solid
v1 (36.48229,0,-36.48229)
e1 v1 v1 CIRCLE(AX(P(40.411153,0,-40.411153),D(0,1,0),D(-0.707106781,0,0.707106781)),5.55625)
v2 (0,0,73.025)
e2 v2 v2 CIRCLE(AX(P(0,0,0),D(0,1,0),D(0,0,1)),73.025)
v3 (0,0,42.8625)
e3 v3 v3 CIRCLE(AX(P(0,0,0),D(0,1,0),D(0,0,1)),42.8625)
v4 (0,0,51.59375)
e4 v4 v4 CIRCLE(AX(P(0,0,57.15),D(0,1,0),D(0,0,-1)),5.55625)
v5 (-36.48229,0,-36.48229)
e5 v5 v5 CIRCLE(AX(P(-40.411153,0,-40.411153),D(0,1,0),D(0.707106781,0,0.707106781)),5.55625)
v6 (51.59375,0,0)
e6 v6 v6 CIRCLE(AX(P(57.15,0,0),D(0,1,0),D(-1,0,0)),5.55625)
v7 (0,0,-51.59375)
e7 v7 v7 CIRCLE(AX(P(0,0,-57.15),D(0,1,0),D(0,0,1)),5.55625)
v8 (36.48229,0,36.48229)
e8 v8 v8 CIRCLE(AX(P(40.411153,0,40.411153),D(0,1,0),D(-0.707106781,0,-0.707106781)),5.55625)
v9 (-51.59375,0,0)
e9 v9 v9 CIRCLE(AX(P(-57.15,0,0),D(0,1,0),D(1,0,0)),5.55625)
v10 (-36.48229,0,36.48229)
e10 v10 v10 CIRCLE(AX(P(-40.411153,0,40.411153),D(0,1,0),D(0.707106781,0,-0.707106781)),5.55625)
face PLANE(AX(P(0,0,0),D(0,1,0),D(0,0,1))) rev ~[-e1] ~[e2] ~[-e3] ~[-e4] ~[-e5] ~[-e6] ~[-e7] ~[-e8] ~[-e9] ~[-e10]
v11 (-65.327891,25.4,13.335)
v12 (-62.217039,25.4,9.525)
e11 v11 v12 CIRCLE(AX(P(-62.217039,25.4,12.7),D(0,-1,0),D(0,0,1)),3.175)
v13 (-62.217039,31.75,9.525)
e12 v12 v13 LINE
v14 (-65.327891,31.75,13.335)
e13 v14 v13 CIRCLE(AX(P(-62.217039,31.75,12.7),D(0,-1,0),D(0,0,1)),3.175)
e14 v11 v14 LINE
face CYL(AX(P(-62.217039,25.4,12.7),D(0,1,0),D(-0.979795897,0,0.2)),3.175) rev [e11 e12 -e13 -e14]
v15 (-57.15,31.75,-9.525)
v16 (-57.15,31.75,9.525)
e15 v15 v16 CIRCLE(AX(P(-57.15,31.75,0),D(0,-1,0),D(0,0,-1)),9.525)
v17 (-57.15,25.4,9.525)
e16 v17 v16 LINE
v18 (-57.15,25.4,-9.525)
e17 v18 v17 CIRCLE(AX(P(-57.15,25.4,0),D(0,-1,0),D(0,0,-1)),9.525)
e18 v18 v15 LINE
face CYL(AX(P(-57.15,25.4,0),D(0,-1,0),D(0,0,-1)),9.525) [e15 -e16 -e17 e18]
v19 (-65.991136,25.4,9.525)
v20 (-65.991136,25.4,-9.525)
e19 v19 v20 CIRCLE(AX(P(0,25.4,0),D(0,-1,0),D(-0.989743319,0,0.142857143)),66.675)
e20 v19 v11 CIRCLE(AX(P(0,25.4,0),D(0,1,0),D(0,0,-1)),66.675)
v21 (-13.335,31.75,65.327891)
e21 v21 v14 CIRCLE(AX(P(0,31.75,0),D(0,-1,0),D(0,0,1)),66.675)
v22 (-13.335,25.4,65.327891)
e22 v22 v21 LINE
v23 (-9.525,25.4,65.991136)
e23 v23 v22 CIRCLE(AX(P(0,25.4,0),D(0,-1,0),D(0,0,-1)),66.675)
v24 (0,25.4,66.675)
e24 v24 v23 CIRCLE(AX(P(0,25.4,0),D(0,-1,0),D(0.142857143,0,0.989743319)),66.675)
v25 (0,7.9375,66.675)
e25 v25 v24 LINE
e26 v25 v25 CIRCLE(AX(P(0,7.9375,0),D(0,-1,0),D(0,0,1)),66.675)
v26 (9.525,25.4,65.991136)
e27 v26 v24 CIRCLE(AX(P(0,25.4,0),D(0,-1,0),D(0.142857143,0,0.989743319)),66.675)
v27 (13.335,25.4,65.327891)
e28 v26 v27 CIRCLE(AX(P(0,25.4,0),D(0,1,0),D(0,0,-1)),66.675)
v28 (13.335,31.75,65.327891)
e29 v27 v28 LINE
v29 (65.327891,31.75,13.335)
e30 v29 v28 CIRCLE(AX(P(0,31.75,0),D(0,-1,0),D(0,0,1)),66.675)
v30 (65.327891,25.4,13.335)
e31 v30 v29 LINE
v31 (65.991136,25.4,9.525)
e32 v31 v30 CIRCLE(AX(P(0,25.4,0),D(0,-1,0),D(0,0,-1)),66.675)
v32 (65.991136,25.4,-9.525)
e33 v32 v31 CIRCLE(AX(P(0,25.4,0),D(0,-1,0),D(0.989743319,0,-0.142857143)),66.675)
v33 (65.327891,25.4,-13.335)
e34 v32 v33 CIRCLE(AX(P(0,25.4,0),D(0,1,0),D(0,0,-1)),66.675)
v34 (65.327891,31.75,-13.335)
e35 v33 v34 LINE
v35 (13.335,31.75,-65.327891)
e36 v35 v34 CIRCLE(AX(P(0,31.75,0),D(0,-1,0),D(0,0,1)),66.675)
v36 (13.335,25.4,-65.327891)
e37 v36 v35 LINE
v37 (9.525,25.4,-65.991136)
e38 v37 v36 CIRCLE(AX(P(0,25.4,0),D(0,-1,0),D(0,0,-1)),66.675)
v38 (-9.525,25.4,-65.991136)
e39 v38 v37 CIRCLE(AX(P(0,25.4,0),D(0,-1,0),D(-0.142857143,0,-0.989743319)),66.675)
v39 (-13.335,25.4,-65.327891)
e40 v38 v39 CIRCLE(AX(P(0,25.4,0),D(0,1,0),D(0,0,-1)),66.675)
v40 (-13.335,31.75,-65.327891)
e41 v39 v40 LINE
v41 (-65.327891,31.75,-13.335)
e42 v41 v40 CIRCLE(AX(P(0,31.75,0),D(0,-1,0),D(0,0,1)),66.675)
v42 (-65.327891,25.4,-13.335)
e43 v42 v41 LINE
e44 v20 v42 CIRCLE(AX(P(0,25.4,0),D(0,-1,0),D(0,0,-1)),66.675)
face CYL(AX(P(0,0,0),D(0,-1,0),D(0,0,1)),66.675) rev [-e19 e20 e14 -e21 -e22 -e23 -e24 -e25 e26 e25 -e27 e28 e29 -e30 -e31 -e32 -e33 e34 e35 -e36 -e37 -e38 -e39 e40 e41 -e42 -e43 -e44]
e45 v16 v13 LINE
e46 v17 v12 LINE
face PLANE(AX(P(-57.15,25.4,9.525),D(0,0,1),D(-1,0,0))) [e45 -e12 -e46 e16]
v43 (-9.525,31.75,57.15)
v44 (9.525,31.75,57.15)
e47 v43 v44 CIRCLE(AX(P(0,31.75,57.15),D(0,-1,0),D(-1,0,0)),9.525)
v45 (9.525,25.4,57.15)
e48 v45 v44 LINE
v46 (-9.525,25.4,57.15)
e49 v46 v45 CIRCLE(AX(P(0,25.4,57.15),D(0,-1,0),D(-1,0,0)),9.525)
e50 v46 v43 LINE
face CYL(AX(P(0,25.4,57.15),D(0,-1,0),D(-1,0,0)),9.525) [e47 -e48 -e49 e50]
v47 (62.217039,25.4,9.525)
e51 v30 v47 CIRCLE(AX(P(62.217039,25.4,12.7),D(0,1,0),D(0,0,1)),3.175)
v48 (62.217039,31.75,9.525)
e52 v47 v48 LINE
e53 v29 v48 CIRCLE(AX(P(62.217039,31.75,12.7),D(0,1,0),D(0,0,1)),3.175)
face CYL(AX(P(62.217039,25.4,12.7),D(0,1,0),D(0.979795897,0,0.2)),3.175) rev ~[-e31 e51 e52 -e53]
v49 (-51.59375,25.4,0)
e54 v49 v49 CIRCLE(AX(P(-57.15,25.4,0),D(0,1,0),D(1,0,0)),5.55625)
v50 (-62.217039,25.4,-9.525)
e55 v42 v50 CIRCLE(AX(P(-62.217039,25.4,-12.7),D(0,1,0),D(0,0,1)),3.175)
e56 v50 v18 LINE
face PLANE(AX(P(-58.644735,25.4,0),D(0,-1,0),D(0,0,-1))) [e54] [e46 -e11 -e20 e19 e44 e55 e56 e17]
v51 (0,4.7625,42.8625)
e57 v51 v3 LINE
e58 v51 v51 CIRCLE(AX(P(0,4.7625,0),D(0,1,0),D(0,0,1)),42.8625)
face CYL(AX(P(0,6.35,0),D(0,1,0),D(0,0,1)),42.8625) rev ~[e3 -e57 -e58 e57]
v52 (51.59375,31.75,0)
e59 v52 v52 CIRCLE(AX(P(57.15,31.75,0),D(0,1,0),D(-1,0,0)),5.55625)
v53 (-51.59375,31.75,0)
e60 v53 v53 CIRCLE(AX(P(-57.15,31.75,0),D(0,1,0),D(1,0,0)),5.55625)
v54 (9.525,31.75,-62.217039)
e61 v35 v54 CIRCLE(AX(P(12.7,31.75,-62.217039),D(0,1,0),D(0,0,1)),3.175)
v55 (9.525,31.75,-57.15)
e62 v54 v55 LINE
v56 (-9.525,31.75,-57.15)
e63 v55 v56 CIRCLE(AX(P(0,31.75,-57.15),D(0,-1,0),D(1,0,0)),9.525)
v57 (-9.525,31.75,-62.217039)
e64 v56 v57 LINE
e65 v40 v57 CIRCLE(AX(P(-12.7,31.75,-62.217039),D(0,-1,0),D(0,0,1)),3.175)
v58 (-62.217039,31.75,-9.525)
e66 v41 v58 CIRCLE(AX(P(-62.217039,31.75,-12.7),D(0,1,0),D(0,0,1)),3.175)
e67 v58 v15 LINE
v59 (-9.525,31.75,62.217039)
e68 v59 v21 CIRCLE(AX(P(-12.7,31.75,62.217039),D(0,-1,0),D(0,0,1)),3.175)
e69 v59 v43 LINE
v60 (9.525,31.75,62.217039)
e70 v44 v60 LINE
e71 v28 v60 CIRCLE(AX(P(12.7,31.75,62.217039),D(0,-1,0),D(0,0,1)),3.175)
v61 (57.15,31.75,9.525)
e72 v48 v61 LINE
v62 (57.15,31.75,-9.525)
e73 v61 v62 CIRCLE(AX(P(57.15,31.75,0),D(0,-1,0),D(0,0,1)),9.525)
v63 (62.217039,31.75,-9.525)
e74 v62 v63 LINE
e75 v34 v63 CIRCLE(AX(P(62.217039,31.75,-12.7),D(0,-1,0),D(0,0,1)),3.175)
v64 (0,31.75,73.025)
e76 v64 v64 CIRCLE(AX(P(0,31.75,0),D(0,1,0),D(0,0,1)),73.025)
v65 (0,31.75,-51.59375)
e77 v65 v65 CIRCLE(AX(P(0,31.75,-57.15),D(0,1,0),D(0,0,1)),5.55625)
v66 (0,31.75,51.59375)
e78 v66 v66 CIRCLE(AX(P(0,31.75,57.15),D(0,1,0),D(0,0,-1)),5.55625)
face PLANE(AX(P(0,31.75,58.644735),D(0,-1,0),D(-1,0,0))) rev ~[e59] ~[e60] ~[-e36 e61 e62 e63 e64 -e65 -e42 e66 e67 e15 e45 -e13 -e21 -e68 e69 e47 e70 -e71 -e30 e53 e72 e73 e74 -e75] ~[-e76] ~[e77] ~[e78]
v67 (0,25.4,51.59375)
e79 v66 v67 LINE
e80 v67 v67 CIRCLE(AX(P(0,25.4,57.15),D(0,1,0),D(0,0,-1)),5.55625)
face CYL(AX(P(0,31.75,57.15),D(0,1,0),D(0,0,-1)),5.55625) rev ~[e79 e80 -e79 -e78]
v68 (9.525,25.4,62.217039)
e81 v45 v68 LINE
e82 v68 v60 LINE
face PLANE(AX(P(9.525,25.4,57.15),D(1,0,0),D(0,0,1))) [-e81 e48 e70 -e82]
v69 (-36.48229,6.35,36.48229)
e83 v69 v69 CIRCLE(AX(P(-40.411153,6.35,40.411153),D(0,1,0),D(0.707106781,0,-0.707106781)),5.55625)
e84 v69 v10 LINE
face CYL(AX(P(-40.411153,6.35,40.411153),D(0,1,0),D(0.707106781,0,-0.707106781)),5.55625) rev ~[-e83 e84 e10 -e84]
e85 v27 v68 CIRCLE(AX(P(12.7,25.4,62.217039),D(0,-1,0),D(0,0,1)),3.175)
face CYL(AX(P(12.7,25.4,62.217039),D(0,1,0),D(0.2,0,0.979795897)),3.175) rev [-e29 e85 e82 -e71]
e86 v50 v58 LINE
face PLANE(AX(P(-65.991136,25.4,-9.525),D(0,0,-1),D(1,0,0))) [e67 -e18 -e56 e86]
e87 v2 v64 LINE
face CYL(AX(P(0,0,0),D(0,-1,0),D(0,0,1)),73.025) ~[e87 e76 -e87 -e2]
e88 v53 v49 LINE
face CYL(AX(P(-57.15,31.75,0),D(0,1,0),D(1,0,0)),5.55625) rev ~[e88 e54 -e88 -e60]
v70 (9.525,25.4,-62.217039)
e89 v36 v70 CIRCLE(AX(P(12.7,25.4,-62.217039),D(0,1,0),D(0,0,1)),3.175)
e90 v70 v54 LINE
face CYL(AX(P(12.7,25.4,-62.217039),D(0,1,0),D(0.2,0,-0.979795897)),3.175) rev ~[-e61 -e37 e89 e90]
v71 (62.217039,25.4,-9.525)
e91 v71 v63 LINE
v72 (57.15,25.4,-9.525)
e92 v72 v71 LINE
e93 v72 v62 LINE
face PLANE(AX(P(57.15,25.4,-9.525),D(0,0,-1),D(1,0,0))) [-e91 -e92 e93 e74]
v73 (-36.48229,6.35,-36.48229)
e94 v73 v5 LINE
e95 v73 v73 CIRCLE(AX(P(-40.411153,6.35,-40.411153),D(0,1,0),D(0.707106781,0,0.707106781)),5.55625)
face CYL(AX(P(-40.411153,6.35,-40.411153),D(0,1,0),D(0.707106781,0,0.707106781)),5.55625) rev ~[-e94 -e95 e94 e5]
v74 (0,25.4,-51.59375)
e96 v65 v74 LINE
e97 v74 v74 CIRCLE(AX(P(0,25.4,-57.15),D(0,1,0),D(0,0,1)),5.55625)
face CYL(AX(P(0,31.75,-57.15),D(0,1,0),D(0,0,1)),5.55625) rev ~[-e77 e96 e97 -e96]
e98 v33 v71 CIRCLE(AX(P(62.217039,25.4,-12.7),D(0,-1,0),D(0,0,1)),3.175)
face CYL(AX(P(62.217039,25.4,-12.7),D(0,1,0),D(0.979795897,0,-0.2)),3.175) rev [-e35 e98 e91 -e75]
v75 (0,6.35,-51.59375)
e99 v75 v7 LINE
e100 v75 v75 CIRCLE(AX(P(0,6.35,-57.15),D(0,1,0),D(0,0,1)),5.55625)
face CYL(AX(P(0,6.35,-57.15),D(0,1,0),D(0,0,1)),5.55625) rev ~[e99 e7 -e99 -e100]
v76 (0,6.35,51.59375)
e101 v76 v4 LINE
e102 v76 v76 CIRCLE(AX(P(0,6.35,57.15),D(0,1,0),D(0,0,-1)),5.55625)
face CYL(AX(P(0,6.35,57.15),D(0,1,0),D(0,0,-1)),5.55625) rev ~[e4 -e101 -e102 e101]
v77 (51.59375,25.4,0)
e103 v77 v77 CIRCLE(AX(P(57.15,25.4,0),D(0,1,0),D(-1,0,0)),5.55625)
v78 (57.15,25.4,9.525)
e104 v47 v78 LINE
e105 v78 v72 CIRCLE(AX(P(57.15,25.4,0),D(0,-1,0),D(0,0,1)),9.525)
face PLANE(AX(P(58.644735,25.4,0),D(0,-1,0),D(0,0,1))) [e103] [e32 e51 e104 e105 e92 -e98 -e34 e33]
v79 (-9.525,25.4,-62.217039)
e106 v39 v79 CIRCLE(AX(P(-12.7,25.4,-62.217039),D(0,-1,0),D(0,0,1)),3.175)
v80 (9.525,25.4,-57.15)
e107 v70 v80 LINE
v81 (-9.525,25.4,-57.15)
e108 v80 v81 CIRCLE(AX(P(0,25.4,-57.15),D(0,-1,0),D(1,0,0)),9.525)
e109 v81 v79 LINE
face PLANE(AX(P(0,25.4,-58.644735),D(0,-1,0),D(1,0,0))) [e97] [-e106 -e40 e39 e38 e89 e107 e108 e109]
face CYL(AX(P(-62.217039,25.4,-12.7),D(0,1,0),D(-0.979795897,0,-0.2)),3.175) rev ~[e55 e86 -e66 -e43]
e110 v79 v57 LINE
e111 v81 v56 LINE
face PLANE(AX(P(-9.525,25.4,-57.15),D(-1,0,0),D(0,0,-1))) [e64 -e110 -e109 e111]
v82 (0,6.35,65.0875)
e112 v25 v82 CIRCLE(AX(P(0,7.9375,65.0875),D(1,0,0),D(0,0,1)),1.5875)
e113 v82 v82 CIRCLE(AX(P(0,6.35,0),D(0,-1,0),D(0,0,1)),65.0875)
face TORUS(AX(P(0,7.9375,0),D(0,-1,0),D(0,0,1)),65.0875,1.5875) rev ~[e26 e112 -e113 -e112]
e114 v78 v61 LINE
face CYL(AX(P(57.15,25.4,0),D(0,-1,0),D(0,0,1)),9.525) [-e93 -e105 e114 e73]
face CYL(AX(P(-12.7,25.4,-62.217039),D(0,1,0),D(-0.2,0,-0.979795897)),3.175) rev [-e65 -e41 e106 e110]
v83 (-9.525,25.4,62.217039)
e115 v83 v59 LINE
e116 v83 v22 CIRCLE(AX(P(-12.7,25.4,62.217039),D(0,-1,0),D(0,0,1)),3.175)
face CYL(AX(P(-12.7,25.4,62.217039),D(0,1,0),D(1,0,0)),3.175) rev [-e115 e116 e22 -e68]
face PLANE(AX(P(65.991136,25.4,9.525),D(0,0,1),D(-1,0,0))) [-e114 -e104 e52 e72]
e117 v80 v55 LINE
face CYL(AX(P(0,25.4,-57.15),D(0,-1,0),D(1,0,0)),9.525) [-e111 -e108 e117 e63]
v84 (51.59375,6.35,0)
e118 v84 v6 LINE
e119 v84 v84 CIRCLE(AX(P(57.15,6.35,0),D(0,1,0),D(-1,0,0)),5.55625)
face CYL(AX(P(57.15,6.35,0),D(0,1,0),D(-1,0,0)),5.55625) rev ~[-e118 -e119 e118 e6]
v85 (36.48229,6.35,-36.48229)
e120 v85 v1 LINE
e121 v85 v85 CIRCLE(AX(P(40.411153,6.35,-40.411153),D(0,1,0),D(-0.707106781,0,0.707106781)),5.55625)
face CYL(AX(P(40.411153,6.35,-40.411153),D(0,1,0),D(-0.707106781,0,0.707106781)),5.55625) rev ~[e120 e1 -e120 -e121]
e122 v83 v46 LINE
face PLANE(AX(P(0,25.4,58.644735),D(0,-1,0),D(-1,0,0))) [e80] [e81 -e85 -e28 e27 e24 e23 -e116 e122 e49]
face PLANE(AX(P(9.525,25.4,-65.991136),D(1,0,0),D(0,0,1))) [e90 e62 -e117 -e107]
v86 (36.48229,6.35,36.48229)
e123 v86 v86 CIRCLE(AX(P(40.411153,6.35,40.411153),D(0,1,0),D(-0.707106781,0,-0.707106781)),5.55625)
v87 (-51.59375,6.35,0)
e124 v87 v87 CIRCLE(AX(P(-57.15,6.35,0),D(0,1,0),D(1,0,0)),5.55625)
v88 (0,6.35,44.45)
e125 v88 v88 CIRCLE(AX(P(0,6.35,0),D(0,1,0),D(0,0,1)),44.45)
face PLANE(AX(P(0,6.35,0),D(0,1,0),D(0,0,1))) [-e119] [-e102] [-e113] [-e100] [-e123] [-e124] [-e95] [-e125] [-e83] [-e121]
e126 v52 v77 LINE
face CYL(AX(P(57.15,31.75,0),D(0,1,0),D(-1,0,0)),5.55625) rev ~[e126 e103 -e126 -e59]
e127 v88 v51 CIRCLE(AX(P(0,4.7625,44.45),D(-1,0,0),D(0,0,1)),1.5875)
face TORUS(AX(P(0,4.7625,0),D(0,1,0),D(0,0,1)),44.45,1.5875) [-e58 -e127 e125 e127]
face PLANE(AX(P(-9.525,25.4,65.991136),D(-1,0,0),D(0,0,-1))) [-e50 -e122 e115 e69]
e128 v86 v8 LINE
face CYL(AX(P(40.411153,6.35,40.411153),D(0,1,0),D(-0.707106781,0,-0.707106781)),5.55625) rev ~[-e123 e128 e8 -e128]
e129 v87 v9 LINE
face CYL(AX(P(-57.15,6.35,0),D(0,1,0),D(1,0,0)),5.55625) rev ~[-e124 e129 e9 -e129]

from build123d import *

# Parameters (mm, degrees)
SKETCH1_R                = 73.025
BASE_EXTRUDE_DEPTH       = 31.75
SHELL1_T                 = -6.35
SKETCH4_R                = 42.8625
CUT_EXTRUDE2_DEPTH       = 107.350652325
BOSS_EXTRUDE1_START      = -6.35
BOSS_EXTRUDE1_DEPTH      = 6.35
CUT_EXTRUDE1_REACH       = 110.043
SKETCH3_R                = 5.55625
FILLET1_R                = 3.175
CIRPATTERN1_COUNT        = 4
FILLET1_OF_CIRPATTERN1_R = 3.175
SKETCH5_R                = 5.55625
CUT_EXTRUDE3_DEPTH       = 107.350652325
CIRPATTERN2_COUNT        = 8
FILLET2_R                = 1.5875


with BuildPart() as part:
    # Sketch1 → Base-Extrude (new body)
    with BuildSketch(Plane(origin=(0, 0, 0), x_dir=(1, 0, 0), z_dir=(0, 1, 0))):
        with Locations(Location((0, 0, 0), (0, 0, 270))):
            Circle(SKETCH1_R)
    extrude(amount=BASE_EXTRUDE_DEPTH)

    # Shell1
    shell1_openings = [part.faces().sort_by_distance(p)[0] for p in [
        (0, 31.75, 0),
    ]]
    offset(amount=SHELL1_T, openings=shell1_openings, kind=Kind.INTERSECTION)

    # Sketch4 → Cut-Extrude2 (cut, through all)
    with BuildSketch(Plane(origin=(0, 6.35, 0), x_dir=(-1, 0, 0), z_dir=(0, 1, 0))):
        with Locations(Location((0, 0, 0), (0, 0, 90))):
            Circle(SKETCH4_R)
    extrude(amount=-CUT_EXTRUDE2_DEPTH, mode=Mode.SUBTRACT)

    # Sketch2 → Boss-Extrude1 (add)
    with BuildSketch(Plane(origin=(0, 31.75, 0), x_dir=(-1, 0, 0), z_dir=(0, 1, 0)).offset(BOSS_EXTRUDE1_START)):
        with BuildLine():
            Line((-9.525, -65.991135768), (-9.525, -57.15))
            ThreePointArc((-9.525, -57.15), (0, -47.625), (9.525, -57.15))
            Line((9.525, -57.15), (9.525, -65.991135768))
            ThreePointArc((9.525, -65.991135768), (0, -66.675), (-9.525, -65.991135768))
        make_face()
    boss_extrude1 = extrude(amount=BOSS_EXTRUDE1_DEPTH)

    # Sketch3 → Cut-Extrude1 (cut, up to next)
    with BuildSketch(Plane(origin=(0, 31.75, 0), x_dir=(-1, 0, 0), z_dir=(0, 1, 0)), mode=Mode.PRIVATE) as cut_extrude1_sk1:
        with Locations(Location((0, -57.15, 0), (0, 0, 90))):
            Circle(SKETCH3_R)
    cut_extrude1_tool1 = extrude(cut_extrude1_sk1.sketch, amount=-CUT_EXTRUDE1_REACH, mode=Mode.PRIVATE) & part.part
    cut_extrude1 = cut_extrude1_tool1.solids().sort_by_distance((0, 31.75, -57.15))[0]
    add(cut_extrude1, mode=Mode.SUBTRACT)

    # Fillet1
    fillet1_edges = [part.edges().sort_by_distance(p)[0] for p in [
        (-9.525, 28.575, -65.991135768),
        (9.525, 28.575, -65.991135768),
    ]]
    fillet(fillet1_edges, radius=FILLET1_R)

    # CirPattern1: Boss-Extrude1, Cut-Extrude1 ×4 about axis
    cirpattern1_axis = Axis((0, 0, 0), (0, 1, 0))
    add([boss_extrude1.rotate(cirpattern1_axis, i * 360 / CIRPATTERN1_COUNT) for i in range(1, CIRPATTERN1_COUNT)])
    add([cut_extrude1.rotate(cirpattern1_axis, i * 360 / CIRPATTERN1_COUNT) for i in range(1, CIRPATTERN1_COUNT)], mode=Mode.SUBTRACT)

    # Fillet1 of CirPattern1
    fillet1_of_cirpattern1_edges = [part.edges().sort_by_distance(p)[0] for p in [
        (-65.991135768, 28.575, 9.525),
        (-65.991135768, 28.575, -9.525),
        (9.525, 28.575, 65.991135768),
        (-9.525, 28.575, 65.991135768),
        (65.991135768, 28.575, -9.525),
        (65.991135768, 28.575, 9.525),
    ]]
    fillet(fillet1_of_cirpattern1_edges, radius=FILLET1_OF_CIRPATTERN1_R)

    # Sketch5 → Cut-Extrude3 (cut, through all)
    with BuildSketch(Plane(origin=(0, 6.35, 0), x_dir=(-1, 0, 0), z_dir=(0, 1, 0))):
        with Locations(Location((0, -57.15, 0), (0, 0, 90))):
            Circle(SKETCH5_R)
    cut_extrude3 = extrude(amount=-CUT_EXTRUDE3_DEPTH, mode=Mode.SUBTRACT)

    # CirPattern2: Cut-Extrude3 ×8 about axis
    cirpattern2_axis = Axis((0, 0, 0), (0, 1, 0))
    for i in range(1, CIRPATTERN2_COUNT):
        add(cut_extrude3.rotate(cirpattern2_axis, i * 360 / CIRPATTERN2_COUNT), mode=Mode.SUBTRACT)

    # Fillet2
    fillet2_edges = [part.edges().sort_by_distance(p)[0] for p in [
        (0, 6.35, -42.8625),
        (0, 6.35, -66.675),
    ]]
    fillet(fillet2_edges, radius=FILLET2_R)


solid = part.part
